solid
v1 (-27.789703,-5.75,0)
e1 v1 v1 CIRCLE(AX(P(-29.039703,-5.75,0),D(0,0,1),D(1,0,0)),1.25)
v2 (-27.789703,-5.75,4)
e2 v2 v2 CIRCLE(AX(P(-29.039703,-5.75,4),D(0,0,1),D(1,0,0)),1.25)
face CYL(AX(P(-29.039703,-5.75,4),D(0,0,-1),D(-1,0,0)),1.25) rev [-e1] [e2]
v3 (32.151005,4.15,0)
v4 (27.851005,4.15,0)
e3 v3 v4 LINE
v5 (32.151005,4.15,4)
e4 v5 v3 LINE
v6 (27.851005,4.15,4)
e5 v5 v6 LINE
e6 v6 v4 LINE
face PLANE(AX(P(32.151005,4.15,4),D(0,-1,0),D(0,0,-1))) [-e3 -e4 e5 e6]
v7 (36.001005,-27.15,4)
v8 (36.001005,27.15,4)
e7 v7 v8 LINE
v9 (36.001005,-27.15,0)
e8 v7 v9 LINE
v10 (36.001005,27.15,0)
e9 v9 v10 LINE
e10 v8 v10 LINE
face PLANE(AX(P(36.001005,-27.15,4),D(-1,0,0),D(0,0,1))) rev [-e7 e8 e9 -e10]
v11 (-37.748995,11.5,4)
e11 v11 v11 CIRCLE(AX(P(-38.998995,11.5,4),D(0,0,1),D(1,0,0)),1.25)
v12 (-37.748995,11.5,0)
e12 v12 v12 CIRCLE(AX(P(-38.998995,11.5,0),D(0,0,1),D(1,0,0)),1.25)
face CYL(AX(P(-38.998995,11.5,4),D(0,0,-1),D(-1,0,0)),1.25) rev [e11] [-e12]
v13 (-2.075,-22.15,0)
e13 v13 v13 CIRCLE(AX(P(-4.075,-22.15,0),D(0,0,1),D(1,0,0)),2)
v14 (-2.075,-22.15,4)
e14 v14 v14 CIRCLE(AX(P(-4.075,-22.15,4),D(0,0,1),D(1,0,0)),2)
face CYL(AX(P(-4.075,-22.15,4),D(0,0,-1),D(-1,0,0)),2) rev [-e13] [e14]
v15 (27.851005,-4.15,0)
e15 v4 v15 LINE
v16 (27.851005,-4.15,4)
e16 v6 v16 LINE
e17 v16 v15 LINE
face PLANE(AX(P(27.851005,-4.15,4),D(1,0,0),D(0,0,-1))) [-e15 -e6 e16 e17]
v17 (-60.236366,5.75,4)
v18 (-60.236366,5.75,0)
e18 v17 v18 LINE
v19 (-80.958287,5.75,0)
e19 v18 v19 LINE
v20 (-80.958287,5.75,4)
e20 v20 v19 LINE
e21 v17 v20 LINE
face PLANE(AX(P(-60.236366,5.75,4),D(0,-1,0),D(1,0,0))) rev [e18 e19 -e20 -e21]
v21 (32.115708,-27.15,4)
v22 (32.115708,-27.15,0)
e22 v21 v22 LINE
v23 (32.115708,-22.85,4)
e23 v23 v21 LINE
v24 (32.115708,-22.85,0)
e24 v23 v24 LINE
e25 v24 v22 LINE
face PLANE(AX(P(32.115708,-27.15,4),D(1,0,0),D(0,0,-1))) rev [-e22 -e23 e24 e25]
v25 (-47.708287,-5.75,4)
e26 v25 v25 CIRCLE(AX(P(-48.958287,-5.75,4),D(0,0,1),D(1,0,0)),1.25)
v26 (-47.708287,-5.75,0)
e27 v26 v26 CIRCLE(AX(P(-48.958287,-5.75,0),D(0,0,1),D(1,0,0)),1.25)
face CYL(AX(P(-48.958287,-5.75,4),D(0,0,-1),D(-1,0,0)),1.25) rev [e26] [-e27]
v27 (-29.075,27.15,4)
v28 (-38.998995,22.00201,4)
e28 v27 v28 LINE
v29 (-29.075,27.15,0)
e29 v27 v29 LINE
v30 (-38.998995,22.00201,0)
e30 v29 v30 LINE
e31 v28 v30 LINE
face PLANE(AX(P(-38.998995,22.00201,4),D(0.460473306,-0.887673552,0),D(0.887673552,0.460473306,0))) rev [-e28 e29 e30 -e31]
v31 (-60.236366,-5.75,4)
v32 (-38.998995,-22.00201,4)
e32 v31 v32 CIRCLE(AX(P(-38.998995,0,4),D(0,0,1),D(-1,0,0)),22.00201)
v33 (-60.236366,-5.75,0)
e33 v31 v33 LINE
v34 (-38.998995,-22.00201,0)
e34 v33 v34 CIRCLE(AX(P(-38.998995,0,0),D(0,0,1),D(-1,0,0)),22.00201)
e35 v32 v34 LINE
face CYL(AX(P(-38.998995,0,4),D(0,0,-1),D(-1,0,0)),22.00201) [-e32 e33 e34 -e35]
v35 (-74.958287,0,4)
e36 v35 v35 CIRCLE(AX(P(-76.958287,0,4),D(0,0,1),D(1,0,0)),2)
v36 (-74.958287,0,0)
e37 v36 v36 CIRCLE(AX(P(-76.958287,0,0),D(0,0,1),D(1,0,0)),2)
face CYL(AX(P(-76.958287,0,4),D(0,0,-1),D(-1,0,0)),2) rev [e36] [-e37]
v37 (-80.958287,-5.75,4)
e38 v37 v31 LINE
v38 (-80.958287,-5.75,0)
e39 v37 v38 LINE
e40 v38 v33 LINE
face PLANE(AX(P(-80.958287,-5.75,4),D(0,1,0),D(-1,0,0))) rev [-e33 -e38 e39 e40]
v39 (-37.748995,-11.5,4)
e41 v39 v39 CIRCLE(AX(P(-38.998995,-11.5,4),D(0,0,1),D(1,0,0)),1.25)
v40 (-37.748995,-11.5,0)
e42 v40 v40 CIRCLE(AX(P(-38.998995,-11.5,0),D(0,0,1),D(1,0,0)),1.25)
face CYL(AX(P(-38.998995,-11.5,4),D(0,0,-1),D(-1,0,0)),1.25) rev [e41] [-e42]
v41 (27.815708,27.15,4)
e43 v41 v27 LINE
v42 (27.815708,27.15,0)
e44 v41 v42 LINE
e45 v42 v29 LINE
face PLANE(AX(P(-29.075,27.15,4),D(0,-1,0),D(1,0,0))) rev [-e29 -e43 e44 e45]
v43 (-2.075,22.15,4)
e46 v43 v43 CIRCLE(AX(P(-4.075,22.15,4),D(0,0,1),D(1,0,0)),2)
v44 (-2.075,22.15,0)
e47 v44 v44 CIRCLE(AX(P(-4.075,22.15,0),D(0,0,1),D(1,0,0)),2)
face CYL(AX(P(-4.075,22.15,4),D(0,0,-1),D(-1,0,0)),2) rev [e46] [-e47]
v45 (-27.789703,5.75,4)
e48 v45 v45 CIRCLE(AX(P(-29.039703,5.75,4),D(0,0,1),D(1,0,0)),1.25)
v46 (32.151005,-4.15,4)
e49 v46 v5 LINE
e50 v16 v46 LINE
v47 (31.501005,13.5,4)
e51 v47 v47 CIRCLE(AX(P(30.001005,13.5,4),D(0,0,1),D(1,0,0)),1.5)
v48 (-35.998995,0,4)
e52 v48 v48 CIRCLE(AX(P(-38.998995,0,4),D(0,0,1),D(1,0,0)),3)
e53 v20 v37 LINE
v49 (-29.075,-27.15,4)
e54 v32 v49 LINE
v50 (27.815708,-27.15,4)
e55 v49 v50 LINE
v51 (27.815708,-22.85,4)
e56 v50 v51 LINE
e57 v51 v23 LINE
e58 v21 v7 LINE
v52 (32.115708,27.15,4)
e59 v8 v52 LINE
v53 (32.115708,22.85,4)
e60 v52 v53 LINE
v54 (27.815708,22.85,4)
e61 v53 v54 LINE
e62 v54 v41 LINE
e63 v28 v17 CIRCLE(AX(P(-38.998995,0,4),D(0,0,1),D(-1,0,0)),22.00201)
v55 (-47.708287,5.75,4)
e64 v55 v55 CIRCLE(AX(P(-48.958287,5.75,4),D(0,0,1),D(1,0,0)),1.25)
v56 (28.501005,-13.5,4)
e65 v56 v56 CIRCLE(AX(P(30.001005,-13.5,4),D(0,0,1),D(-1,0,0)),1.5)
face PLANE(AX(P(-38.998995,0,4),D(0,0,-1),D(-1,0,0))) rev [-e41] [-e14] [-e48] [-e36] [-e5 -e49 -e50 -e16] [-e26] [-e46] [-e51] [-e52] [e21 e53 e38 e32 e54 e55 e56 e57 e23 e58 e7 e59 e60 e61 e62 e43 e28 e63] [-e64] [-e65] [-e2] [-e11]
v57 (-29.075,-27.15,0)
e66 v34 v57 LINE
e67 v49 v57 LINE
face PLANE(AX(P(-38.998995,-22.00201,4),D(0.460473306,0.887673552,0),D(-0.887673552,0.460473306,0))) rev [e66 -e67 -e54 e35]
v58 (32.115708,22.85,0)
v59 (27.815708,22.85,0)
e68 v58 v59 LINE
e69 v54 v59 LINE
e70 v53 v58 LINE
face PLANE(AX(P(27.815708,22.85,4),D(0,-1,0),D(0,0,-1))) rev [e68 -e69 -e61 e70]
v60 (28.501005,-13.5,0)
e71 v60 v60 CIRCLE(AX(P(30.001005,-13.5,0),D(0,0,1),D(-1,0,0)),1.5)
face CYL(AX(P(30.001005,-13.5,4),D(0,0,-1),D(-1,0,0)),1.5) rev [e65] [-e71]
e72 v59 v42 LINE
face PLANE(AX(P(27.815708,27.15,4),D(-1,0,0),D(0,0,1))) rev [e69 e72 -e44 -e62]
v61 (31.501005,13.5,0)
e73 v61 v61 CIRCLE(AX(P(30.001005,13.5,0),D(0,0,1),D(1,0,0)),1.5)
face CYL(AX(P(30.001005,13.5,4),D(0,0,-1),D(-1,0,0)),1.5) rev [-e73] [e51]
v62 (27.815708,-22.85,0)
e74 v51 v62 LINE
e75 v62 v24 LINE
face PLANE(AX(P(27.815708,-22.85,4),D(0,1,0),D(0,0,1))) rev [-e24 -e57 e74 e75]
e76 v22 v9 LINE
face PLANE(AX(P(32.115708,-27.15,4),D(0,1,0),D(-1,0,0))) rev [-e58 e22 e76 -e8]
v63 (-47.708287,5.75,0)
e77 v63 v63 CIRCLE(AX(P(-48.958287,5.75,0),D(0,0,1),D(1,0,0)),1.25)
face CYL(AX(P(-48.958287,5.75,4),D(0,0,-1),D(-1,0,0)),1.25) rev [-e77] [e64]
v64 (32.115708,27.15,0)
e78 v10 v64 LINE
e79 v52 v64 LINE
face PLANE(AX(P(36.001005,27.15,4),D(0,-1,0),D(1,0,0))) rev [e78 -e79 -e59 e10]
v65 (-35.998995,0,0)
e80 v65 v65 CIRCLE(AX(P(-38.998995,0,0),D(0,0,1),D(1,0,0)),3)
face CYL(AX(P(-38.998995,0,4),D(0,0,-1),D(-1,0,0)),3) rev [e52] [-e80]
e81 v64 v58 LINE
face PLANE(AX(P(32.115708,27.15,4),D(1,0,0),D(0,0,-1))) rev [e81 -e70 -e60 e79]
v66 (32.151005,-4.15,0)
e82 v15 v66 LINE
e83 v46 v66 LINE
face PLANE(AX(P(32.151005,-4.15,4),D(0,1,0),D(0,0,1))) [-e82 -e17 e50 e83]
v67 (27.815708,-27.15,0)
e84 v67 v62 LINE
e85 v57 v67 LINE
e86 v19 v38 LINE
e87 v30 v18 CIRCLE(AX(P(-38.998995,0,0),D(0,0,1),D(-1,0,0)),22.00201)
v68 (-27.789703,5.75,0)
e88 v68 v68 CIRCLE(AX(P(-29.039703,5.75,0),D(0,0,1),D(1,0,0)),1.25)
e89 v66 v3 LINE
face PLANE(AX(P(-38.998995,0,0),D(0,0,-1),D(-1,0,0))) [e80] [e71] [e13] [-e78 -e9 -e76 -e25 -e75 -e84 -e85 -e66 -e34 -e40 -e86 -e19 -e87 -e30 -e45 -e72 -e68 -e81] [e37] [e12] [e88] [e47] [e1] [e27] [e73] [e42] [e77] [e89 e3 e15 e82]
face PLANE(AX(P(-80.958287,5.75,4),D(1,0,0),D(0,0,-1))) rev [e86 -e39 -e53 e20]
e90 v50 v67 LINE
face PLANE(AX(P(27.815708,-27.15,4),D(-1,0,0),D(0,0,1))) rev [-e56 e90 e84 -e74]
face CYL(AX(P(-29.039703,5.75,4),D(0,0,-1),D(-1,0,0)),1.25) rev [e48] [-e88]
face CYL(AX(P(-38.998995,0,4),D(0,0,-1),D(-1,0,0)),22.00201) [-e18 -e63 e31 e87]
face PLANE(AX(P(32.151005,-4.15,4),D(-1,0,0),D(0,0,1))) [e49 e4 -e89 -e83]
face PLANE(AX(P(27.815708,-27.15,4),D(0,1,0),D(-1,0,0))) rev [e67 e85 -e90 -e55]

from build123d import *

# Parameters (mm, degrees)
SKETCH_1_R      = 1.5
SKETCH_1_R_2    = 3
SKETCH_1_R_3    = 1.25
SKETCH_1_R_4    = 2
SKETCH_1_W      = 4.3
SKETCH_1_H      = 8.3
EXTRUDE_1_DEPTH = 4


with BuildPart() as part:
    # 草图1 → 凸台-拉伸1 (new body)
    with BuildSketch(Plane.XY):
        with BuildLine():
            Line((32.115707856, 27.15), (32.115707856, 22.85))
            Line((32.115707856, 22.85), (27.815707856, 22.85))
            Line((27.815707856, 22.85), (27.815707856, 27.15))
            Line((27.815707856, 27.15), (-29.075, 27.15))
            Line((-29.075, 27.15), (-38.998995168, 22.002009663))
            ThreePointArc((-38.998995168, 22.002009663), (-52.370174504, 17.472835843), (-60.236366221, 5.75))
            Line((-60.236366221, 5.75), (-80.958287312, 5.75))
            Line((-80.958287312, 5.75), (-80.958287312, -5.75))
            Line((-80.958287312, -5.75), (-60.236366221, -5.75))
            ThreePointArc((-60.236366221, -5.75), (-52.370174504, -17.472835843), (-38.998995168, -22.002009663))
            Line((-38.998995168, -22.002009663), (-29.075, -27.15))
            Line((-29.075, -27.15), (27.815707856, -27.15))
            Line((27.815707856, -27.15), (27.815707856, -22.85))
            Line((27.815707856, -22.85), (32.115707856, -22.85))
            Line((32.115707856, -22.85), (32.115707856, -27.15))
            Line((32.115707856, -27.15), (36.001004832, -27.15))
            Line((36.001004832, -27.15), (36.001004832, 27.15))
            Line((36.001004832, 27.15), (32.115707856, 27.15))
        make_face()
        with Locations((30.001004832, 13.5)):
            Circle(SKETCH_1_R, mode=Mode.SUBTRACT)
        with Locations(Location((30.001004832, -13.5, 0), (0, 0, 180))):
            Circle(SKETCH_1_R, mode=Mode.SUBTRACT)
        with Locations((-38.998995168, 0)):
            Circle(SKETCH_1_R_2, mode=Mode.SUBTRACT)
        with Locations((-38.998995168, -11.5)):
            Circle(SKETCH_1_R_3, mode=Mode.SUBTRACT)
        with Locations((-48.958287312, -5.75)):
            Circle(SKETCH_1_R_3, mode=Mode.SUBTRACT)
        with Locations((-48.958287312, 5.75)):
            Circle(SKETCH_1_R_3, mode=Mode.SUBTRACT)
        with Locations((-38.998995168, 11.5)):
            Circle(SKETCH_1_R_3, mode=Mode.SUBTRACT)
        with Locations((-29.039703025, 5.75)):
            Circle(SKETCH_1_R_3, mode=Mode.SUBTRACT)
        with Locations((-29.039703025, -5.75)):
            Circle(SKETCH_1_R_3, mode=Mode.SUBTRACT)
        with Locations((-4.075, -22.15)):
            Circle(SKETCH_1_R_4, mode=Mode.SUBTRACT)
        with Locations((-4.075, 22.15)):
            Circle(SKETCH_1_R_4, mode=Mode.SUBTRACT)
        with Locations((-76.958287312, 0)):
            Circle(SKETCH_1_R_4, mode=Mode.SUBTRACT)
        with Locations((30.001004832, 0)):
            Rectangle(SKETCH_1_W, SKETCH_1_H, mode=Mode.SUBTRACT)
    extrude(amount=EXTRUDE_1_DEPTH)


solid = part.part
